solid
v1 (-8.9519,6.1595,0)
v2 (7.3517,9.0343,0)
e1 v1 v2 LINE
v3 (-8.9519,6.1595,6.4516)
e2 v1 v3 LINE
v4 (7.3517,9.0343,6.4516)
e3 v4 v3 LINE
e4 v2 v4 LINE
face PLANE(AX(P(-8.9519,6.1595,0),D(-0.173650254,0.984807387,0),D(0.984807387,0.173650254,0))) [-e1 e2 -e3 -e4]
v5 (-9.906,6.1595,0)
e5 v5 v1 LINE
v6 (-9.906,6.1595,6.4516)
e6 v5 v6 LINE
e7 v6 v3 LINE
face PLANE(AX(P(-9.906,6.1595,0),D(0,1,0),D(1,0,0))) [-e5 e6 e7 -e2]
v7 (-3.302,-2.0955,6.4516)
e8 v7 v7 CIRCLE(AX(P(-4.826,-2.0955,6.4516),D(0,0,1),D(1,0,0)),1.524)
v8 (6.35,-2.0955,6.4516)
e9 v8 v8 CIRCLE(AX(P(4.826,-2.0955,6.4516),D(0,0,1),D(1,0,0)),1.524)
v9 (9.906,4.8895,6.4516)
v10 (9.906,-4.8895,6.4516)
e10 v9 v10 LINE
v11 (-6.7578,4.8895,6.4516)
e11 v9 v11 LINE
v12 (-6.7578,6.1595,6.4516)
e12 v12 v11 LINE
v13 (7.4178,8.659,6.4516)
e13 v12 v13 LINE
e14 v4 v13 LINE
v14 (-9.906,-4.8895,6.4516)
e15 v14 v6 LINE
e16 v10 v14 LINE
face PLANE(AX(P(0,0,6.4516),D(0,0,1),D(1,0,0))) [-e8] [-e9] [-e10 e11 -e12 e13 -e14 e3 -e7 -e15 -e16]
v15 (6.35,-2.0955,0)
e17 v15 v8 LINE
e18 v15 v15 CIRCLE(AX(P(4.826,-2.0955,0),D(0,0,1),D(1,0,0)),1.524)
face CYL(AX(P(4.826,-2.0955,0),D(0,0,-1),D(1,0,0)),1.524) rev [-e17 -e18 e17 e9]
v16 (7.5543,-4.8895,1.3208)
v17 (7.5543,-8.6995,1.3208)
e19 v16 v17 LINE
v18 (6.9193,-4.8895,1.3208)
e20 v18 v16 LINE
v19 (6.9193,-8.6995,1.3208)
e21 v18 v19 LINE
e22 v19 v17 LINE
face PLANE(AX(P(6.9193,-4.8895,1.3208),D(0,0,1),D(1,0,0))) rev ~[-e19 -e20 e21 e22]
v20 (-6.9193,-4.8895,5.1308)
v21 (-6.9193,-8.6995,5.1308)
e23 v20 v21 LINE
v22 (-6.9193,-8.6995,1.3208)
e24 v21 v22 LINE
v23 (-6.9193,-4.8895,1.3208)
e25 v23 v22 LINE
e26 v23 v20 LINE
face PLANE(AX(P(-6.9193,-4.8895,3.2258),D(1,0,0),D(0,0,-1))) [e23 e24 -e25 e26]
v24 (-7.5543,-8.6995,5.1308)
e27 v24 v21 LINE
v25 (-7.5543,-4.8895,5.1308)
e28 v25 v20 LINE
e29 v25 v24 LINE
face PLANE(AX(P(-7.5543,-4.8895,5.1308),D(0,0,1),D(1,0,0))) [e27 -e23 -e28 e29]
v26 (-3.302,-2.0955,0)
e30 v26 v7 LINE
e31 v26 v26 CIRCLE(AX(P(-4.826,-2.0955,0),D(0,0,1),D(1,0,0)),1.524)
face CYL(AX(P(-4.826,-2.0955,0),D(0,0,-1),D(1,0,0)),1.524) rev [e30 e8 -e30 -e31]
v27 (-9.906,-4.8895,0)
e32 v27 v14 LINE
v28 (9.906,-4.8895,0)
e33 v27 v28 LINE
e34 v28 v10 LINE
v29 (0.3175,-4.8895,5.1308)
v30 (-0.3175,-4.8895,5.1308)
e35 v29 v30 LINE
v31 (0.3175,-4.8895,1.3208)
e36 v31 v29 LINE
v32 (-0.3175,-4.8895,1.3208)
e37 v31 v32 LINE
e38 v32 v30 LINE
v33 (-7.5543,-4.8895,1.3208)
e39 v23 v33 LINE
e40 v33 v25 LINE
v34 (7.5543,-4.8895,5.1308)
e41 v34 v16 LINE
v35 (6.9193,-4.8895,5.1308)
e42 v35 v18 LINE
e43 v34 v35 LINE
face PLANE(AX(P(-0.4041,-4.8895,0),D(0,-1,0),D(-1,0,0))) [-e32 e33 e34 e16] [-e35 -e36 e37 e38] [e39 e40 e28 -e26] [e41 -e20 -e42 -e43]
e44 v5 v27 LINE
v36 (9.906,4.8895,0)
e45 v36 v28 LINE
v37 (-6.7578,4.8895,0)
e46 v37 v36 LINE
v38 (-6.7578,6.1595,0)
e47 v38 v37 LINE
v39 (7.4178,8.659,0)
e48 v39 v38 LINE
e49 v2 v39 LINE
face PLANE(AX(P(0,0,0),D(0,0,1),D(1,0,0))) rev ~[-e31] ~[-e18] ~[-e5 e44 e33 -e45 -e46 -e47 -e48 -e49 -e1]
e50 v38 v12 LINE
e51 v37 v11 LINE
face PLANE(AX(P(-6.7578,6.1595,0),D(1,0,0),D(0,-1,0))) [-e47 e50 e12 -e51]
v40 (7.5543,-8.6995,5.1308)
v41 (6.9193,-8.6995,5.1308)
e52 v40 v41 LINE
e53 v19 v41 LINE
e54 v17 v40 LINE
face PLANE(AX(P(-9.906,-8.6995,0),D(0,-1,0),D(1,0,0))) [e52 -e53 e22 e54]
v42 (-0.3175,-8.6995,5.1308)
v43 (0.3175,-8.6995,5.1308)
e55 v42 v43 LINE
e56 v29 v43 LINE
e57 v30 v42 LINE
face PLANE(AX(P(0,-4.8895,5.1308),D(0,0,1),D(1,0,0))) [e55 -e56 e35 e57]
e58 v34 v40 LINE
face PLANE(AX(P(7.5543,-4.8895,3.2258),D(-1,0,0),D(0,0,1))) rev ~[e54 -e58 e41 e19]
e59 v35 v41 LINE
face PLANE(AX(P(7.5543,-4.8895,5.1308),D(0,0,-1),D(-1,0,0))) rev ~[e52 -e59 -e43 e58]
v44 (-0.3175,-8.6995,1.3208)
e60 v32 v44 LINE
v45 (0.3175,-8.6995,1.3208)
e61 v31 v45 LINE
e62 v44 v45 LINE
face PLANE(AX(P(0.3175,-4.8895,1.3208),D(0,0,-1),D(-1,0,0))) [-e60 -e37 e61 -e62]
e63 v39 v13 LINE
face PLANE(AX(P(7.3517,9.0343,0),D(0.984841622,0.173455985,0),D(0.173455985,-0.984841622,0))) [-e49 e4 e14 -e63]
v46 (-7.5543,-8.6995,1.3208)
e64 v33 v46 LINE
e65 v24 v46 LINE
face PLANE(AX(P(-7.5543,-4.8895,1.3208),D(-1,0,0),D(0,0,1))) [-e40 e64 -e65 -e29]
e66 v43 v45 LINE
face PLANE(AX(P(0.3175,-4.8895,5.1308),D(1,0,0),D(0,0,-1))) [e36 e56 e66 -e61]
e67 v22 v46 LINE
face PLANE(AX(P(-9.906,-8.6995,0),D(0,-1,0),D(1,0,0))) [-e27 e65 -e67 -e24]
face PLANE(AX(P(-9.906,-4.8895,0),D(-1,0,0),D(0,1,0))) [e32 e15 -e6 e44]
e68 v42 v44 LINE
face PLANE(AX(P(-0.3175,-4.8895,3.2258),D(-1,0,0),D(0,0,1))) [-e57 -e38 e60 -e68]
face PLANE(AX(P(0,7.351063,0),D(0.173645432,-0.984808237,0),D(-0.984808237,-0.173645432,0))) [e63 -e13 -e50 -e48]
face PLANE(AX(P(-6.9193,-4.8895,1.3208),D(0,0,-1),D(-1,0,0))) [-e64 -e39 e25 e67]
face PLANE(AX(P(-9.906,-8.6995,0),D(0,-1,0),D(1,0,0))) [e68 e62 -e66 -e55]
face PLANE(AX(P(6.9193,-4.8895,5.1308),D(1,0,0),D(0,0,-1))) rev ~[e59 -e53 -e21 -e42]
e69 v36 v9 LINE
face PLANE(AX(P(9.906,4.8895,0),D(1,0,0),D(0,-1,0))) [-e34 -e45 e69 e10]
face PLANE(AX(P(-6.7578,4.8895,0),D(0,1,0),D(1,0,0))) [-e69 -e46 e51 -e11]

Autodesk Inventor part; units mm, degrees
ref_plane "YZ Plane" through (0, 0, 0) normal (1, 0, 0) x (0, 1, 0)
ref_plane "XZ Plane" through (0, 0, 0) normal (0, 1, 0) x (-1, 0, 0)
ref_plane "XY Plane" through (0, 0, 0) normal (0, 0, 1) x (1, 0, 0)
sketch "Sketch1" plane through (0, 0, 0) normal (0, 0, 1) x (1, 0, 0)
  line L0 (-9.906, -4.8895) -> (-9.906, 4.8895)
  line L1 (-6.7578, 4.8895) -> (9.906, 4.8895)
  line L2 (9.906, 4.8895) -> (9.906, -4.8895)
  line L3 (9.906, -4.8895) -> (-9.906, 4.8895) construction
  line L4 (-9.906, -4.8895) -> (9.906, 4.8895) construction
  line L5 (0, 15.8436) -> (0, -13.7401)
  line L6 (9.906, -4.8895) -> (-9.906, 4.8895) construction
  line L7 (9.906, -4.8895) -> (-9.906, -4.8895)
  line L8 (9.906, -4.8895) -> (8.255, -4.8895)
  line L9 (-9.906, 4.8895) -> (-9.906, 6.1595)
  line L10 (-9.906, 6.1595) -> (-8.9519, 6.1595)
  line L11 (-8.9519, 6.1595) -> (7.3517, 9.0343)
  line L12 (7.3517, 9.0343) -> (7.4178, 8.659)
  line L13 (7.4178, 8.659) -> (-6.7578, 6.1595)
  line L14 (-6.7578, 6.1595) -> (-6.7578, 4.8895)
  line L15 (7.4467, -4.8895) -> (0.4041, -4.8895)
  line L16 (-0.4041, -4.8895) -> (-9.906, -4.8895)
  circle A0 centre (-4.826, -2.0955) radius 1.524
  circle A1 centre (4.826, -2.0955) radius 1.524
  point P0 (0, 0)
  point P1 (-8.255, -4.8895)
  point P2 (-7.4467, -4.8895)
  point P3 (0, 0)
  point P4 (0, -9.5177)
  dimension "d4" = 9.779
  dimension "d7" = 0.381
  dimension "d8" = 10
  dimension "d9" = 19.812
  dimension "d11" = 11.049
  dimension "d16" = 3.048
  dimension "d17" = 9.652
  dimension "d18" = 2.794
extrude "Extrusion1" add sketch "Sketch1" along normal blind 6.4516 contours L0 L9 L10 L11 L5 L13 L14 L1 L7 | L5 L1 L2 L7 | L11 L12 L13 L5
sketch "Sketch3" plane through (-9.906, -4.8895, 0) normal (0, -1, 0) x (1, 0, 0)
  line L0 (9.906, 12.244) -> (9.906, -7.8096)
  line L1 (21.214, 3.2258) -> (-1.8957, 3.2258)
  line L2 (0, 0) -> (19.812, 0) projected
  line L3 (2.9867, 1.3208) -> (2.3517, 1.3208)
  line L4 (2.3517, 1.3208) -> (2.3517, 5.1308)
  line L5 (2.3517, 5.1308) -> (2.9867, 5.1308)
  line L6 (2.9867, 5.1308) -> (2.9867, 1.3208)
  line L7 (2.9867, 1.3208) -> (2.3517, 5.1308) construction
  line L8 (2.3517, 1.3208) -> (2.9867, 5.1308) construction
  line L9 (10.2235, 1.3208) -> (9.5885, 1.3208)
  line L10 (9.5885, 1.3208) -> (9.5885, 5.1308)
  line L11 (9.5885, 5.1308) -> (10.2235, 5.1308)
  line L12 (10.2235, 5.1308) -> (10.2235, 1.3208)
  line L13 (10.2235, 1.3208) -> (9.5885, 5.1308) construction
  line L14 (9.5885, 1.3208) -> (10.2235, 5.1308) construction
  line L15 (16.8253, 1.3208) -> (17.4603, 1.3208)
  line L16 (17.4603, 1.3208) -> (17.4603, 5.1308)
  line L17 (17.4603, 5.1308) -> (16.8253, 5.1308)
  line L18 (16.8253, 5.1308) -> (16.8253, 1.3208)
  line L19 (16.8253, 1.3208) -> (17.4603, 5.1308) construction
  line L20 (17.4603, 1.3208) -> (16.8253, 5.1308) construction
  point P0 (9.906, 0)
  point P1 (9.906, 0)
  point P2 (2.6692, 3.2258)
  point P3 (9.906, 3.2258)
  point P4 (17.1428, 3.2258)
  dimension "d19" = 0.635
  dimension "d20" = 0.635
  dimension "d21" = 3.81
extrude "Extrusion2" add sketch "Sketch3" along normal blind 3.81
equation "\"d20\" = d19"
properties part number "E-Stop_Zippy"
